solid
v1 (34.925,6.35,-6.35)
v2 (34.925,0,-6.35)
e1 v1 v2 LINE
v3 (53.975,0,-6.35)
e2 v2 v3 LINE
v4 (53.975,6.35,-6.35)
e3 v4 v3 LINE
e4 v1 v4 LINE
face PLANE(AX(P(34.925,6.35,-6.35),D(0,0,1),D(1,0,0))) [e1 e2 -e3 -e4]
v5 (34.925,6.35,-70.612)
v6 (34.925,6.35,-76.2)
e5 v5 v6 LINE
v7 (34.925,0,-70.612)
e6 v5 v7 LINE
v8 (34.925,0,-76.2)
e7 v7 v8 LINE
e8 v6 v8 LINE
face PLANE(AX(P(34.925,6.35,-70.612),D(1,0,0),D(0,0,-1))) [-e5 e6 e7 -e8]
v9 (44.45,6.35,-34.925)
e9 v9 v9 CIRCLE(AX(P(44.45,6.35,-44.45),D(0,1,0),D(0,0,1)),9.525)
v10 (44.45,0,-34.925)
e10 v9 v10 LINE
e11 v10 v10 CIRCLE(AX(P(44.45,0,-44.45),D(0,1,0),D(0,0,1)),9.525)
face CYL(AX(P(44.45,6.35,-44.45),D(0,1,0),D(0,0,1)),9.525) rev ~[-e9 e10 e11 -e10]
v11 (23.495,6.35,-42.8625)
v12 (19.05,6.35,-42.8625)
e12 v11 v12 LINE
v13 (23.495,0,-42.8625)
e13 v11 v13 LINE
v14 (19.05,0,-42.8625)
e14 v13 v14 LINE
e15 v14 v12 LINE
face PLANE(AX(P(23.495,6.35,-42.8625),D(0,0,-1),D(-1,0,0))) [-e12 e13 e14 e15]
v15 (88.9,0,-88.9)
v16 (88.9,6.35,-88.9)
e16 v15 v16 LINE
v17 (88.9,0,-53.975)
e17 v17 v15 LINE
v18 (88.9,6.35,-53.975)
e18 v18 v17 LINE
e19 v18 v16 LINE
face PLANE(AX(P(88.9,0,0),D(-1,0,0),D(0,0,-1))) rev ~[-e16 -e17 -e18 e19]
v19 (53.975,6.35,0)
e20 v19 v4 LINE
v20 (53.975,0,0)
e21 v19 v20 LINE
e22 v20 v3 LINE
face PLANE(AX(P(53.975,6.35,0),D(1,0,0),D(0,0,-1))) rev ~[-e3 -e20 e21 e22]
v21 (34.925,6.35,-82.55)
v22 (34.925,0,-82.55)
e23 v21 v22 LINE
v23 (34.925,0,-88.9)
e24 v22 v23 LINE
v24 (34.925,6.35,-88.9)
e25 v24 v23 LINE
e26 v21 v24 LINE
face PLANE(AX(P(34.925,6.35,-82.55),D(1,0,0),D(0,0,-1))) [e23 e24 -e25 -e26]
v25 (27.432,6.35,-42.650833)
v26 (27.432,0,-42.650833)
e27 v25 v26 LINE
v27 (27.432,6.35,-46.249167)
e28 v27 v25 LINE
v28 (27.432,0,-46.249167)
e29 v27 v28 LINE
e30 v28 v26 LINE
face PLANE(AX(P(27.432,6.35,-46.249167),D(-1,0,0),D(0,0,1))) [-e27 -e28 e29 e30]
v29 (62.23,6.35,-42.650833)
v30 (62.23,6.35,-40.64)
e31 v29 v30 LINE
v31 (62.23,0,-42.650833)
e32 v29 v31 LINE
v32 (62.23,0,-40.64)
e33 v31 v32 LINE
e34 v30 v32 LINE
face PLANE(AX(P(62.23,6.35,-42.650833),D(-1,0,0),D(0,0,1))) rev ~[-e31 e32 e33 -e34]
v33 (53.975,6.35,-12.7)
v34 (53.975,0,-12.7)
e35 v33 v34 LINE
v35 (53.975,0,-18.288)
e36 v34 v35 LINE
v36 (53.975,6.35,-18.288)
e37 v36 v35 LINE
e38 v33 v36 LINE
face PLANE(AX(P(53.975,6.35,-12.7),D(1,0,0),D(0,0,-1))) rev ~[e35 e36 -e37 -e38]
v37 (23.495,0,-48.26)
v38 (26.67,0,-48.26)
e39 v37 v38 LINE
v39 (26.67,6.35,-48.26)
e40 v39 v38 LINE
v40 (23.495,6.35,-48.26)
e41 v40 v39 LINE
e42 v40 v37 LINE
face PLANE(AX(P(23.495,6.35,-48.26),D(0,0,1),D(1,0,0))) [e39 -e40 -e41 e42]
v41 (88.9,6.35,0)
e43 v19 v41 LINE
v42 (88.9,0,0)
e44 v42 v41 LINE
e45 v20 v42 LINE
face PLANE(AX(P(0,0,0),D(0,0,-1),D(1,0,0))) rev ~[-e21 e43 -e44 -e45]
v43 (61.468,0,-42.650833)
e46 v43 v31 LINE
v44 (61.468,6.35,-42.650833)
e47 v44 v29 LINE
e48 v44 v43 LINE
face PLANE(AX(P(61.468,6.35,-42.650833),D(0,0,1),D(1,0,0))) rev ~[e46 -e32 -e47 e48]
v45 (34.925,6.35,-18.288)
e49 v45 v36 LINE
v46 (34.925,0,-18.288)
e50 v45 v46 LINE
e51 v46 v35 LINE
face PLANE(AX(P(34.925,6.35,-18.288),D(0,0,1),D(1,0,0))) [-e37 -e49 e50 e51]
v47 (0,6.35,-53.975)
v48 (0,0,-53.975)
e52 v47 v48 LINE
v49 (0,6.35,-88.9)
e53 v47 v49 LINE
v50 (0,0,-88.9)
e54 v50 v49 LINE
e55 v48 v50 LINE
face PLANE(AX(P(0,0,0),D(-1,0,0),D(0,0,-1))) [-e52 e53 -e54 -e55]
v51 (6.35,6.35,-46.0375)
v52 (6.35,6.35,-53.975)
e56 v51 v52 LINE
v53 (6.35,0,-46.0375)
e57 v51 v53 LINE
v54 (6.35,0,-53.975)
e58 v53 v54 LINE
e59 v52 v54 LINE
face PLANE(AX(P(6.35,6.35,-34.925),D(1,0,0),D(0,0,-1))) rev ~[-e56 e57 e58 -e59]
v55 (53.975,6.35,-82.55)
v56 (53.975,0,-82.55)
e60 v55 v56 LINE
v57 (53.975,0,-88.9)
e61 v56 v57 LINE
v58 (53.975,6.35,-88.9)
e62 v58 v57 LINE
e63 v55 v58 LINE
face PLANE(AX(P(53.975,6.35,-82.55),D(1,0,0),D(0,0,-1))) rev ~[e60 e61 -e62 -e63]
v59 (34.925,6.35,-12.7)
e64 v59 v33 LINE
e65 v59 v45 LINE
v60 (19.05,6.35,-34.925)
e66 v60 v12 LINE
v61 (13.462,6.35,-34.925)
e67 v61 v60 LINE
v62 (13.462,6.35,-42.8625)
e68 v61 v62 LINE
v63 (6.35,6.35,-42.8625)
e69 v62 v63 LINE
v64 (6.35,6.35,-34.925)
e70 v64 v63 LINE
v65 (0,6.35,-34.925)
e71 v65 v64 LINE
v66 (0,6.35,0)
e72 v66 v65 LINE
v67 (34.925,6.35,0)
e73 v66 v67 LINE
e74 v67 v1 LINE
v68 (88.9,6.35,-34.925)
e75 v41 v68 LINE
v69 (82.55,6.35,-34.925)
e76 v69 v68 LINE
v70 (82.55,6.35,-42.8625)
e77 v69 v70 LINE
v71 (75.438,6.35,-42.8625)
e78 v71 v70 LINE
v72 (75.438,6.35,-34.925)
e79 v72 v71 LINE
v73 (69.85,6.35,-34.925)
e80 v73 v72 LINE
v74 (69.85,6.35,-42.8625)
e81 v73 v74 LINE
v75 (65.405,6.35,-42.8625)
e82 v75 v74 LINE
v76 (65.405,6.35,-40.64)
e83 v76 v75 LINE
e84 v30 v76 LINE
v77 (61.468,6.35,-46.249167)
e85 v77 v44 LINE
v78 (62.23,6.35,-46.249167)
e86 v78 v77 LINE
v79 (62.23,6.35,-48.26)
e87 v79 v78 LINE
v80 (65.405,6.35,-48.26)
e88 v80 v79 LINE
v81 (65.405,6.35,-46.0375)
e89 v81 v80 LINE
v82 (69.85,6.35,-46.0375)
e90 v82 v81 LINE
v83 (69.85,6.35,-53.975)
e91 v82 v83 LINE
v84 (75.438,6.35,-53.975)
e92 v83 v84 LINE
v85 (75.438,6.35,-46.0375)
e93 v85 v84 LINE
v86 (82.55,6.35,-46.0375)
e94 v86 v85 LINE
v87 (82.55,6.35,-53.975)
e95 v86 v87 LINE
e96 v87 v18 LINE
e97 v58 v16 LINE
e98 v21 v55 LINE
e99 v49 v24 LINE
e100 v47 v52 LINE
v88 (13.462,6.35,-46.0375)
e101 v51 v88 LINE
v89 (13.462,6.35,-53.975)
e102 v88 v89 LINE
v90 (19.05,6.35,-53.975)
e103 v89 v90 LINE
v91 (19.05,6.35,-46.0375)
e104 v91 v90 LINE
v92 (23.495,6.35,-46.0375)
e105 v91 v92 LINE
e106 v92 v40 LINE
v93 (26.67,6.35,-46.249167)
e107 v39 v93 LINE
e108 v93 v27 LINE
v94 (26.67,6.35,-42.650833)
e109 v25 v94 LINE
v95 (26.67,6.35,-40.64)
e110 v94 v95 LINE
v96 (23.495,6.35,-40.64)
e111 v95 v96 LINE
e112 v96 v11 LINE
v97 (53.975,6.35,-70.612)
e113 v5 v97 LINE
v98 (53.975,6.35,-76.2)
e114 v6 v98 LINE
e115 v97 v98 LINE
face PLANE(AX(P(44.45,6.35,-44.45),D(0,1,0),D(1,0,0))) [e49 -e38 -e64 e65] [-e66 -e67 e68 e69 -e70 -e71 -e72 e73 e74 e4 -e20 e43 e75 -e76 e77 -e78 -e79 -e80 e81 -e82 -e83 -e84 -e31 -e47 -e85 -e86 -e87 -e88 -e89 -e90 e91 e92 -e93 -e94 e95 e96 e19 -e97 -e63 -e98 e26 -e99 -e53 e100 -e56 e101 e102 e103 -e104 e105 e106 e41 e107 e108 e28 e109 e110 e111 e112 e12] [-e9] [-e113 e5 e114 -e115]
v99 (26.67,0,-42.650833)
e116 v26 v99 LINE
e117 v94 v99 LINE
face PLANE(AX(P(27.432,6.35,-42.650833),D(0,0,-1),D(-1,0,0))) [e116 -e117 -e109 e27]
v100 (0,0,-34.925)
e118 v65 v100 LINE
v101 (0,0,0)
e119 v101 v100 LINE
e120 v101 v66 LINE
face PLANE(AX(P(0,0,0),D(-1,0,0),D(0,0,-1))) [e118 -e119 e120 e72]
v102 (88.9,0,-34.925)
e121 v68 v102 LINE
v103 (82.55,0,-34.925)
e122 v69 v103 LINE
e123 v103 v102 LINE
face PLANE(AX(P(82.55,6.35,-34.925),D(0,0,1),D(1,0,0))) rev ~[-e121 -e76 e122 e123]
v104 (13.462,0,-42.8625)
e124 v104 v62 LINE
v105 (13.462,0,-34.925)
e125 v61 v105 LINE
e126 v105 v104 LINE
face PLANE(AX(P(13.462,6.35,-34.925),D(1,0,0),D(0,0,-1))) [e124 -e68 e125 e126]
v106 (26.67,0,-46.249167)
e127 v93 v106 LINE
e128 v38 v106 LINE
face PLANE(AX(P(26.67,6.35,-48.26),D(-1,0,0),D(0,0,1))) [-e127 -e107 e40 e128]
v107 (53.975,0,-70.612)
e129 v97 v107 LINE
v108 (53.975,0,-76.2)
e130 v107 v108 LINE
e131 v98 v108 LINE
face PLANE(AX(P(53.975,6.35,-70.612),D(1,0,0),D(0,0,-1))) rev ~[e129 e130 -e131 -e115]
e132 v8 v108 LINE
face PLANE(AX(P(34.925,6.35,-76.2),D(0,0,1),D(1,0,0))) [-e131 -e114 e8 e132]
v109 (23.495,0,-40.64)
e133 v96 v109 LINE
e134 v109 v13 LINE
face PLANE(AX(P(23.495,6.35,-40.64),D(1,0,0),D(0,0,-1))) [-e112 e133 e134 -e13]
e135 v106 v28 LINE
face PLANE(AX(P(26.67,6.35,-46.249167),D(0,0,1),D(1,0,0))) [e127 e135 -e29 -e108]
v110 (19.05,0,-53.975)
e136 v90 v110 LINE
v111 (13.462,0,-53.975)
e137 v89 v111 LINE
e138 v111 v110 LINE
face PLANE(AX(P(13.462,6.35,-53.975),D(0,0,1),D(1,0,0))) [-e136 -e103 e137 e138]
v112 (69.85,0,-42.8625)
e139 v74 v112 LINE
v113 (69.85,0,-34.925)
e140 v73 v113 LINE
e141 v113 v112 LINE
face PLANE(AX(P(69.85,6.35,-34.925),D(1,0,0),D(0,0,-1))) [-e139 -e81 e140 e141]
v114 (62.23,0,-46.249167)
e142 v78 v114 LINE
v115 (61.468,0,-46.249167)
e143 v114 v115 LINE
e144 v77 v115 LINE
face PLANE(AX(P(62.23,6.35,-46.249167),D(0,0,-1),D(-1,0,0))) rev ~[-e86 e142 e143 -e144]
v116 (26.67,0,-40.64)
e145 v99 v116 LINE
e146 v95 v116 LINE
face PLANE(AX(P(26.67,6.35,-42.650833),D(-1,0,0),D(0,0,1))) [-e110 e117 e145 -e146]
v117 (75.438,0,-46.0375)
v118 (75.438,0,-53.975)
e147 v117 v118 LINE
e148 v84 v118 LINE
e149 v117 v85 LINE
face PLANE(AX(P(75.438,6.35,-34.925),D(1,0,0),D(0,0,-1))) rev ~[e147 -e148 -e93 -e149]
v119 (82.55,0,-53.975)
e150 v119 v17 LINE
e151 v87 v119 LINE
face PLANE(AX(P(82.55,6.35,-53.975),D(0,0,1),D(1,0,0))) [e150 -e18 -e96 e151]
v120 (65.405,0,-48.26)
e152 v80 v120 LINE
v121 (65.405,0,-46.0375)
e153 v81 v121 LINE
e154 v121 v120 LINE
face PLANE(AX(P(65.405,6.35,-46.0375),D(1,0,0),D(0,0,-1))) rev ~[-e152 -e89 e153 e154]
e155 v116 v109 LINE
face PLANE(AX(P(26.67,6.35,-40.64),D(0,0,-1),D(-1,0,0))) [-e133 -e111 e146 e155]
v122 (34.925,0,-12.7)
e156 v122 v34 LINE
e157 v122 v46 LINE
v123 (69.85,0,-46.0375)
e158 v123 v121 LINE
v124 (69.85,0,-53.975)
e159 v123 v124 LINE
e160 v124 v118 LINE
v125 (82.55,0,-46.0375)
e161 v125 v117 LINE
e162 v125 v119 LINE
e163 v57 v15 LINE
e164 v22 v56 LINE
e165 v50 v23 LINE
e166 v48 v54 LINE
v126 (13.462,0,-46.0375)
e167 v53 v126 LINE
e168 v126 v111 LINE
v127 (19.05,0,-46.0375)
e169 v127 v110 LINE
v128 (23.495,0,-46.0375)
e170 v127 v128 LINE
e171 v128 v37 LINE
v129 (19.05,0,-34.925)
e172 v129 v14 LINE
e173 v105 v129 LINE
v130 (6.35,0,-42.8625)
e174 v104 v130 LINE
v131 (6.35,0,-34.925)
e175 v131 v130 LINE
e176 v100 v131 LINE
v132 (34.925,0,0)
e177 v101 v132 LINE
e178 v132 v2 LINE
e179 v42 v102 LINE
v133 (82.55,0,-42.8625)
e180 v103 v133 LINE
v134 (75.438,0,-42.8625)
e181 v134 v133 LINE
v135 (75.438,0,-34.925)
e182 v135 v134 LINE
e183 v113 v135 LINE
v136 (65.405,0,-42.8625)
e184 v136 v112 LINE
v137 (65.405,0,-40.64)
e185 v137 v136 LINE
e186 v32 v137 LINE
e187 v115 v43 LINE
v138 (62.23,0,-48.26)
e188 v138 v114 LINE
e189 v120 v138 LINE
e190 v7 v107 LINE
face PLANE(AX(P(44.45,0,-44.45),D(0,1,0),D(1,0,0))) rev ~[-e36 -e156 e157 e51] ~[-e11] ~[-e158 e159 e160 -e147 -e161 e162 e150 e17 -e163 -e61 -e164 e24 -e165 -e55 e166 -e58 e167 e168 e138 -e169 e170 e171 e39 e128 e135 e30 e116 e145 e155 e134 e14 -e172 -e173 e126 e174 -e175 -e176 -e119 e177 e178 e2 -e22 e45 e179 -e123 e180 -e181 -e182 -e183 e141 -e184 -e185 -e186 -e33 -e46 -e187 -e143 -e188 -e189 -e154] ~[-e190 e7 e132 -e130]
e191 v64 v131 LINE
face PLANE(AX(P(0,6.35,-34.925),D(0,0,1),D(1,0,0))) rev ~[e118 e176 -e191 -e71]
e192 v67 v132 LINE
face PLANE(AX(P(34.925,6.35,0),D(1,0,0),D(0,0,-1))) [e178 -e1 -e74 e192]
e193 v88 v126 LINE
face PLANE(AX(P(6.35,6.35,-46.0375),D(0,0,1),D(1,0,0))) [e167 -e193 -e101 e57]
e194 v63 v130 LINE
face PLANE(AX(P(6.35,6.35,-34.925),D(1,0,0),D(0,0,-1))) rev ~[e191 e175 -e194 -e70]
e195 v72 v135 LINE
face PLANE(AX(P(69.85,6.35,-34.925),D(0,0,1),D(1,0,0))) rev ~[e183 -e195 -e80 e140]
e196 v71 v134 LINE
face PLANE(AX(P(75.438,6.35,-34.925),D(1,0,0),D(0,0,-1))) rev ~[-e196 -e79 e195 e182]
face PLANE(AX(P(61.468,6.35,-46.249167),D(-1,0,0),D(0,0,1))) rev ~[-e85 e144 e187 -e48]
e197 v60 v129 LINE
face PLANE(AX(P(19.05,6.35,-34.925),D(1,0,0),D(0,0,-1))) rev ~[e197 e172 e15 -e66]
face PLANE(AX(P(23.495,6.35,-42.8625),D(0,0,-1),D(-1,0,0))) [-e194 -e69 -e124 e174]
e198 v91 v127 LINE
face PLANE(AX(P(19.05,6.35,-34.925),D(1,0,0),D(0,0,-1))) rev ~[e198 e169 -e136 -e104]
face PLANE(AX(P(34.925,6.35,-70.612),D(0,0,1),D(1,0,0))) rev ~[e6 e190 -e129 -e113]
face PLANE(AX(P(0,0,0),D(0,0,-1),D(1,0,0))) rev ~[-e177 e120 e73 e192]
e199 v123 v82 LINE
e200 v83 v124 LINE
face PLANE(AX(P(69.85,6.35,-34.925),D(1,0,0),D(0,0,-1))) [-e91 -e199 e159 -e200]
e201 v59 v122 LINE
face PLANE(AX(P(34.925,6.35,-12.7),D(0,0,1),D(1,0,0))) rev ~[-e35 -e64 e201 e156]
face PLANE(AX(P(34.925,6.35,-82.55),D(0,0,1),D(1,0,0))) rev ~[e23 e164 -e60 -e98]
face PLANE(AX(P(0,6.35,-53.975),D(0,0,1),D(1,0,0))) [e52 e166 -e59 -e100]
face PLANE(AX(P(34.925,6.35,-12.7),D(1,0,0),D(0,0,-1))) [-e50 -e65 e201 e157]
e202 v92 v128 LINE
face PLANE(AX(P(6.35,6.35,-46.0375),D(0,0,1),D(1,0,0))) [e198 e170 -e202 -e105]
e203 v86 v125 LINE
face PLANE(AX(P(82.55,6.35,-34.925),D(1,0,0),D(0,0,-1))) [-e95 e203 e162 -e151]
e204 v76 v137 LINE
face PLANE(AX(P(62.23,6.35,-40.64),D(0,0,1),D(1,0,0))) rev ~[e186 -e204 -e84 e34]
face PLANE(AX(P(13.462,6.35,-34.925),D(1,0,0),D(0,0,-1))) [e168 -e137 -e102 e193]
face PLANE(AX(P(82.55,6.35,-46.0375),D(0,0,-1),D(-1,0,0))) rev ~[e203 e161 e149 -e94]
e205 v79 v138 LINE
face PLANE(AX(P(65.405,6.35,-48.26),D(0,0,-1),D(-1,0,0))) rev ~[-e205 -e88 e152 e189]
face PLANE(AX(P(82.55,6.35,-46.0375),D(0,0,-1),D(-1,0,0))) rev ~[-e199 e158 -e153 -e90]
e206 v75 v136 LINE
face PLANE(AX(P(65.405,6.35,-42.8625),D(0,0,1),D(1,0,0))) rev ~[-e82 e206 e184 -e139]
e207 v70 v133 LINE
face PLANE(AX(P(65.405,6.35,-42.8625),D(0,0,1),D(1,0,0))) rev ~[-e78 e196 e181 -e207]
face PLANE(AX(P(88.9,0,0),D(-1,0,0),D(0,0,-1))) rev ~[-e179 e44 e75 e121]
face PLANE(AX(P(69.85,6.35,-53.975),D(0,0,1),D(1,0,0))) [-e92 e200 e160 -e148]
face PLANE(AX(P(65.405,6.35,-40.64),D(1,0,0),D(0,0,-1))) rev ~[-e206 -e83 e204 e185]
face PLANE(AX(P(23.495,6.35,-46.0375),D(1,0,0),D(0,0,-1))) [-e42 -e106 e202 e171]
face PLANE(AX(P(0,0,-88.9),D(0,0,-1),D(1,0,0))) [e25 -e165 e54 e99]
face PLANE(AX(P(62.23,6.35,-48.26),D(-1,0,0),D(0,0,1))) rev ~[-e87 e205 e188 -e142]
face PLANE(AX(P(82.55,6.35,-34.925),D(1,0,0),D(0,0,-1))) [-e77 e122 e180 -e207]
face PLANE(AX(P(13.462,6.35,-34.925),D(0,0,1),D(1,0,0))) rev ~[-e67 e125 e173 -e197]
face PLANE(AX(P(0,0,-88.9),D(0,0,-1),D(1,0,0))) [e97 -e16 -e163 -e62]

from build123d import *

# Parameters (mm, degrees)
SKETCH1_W           = 88.9
SKETCH1_H           = 88.9
BOSS_EXTRUDE1_DEPTH = 6.35
SKETCH2_R           = 9.525
SKETCH2_W           = 19.05
SKETCH2_H           = 5.588
SKETCH2_W_2         = 5.588
SKETCH2_H_2         = 19.05
CUT_EXTRUDE1_DEPTH  = 126.88384527
SKETCH3_W           = 19.05
SKETCH3_H           = 6.35
SKETCH3_W_2         = 6.35
SKETCH3_H_2         = 19.05
CUT_EXTRUDE2_DEPTH  = 126.88384527
CUT_EXTRUDE3_DEPTH  = 126.88384527


with BuildPart() as part:
    # Sketch1 → Boss-Extrude1 (new body)
    with BuildSketch(Plane(origin=(0, 0, 0), x_dir=(1, 0, 0), z_dir=(0, 1, 0))):
        with Locations((44.45, 44.45)):
            Rectangle(SKETCH1_W, SKETCH1_H)
    extrude(amount=BOSS_EXTRUDE1_DEPTH)

    # Sketch2 → Cut-Extrude1 (cut, through all)
    with BuildSketch(Plane(origin=(0, 6.35, 0), x_dir=(1, 0, 0), z_dir=(0, 1, 0))):
        with Locations(Location((44.45, 44.45, 0), (0, 0, 270))):
            Circle(SKETCH2_R)
        with Locations((44.45, 73.406)):
            Rectangle(SKETCH2_W, SKETCH2_H)
        with Locations((16.256, 44.45)):
            Rectangle(SKETCH2_W_2, SKETCH2_H_2)
        with Locations((72.644, 44.45)):
            Rectangle(SKETCH2_W_2, SKETCH2_H_2)
        with Locations((44.45, 15.494)):
            Rectangle(SKETCH2_W, SKETCH2_H)
    extrude(amount=-CUT_EXTRUDE1_DEPTH, mode=Mode.SUBTRACT)

    # Sketch3 → Cut-Extrude2 (cut, through all)
    with BuildSketch(Plane(origin=(0, 6.35, 0), x_dir=(1, 0, 0), z_dir=(0, 1, 0))):
        with Locations((44.45, 85.725)):
            Rectangle(SKETCH3_W, SKETCH3_H)
        with Locations((85.725, 44.45)):
            Rectangle(SKETCH3_W_2, SKETCH3_H_2)
        with Locations((44.45, 3.175)):
            Rectangle(SKETCH3_W, SKETCH3_H)
        with Locations((3.175, 44.45)):
            Rectangle(SKETCH3_W_2, SKETCH3_H_2)
    extrude(amount=-CUT_EXTRUDE2_DEPTH, mode=Mode.SUBTRACT)

    # Sketch4 → Cut-Extrude3 (cut, through all)
    with BuildSketch(Plane(origin=(0, 6.35, 0), x_dir=(1, 0, 0), z_dir=(0, 1, 0))):
        Polygon((23.495, 46.0375), (23.495, 48.26), (26.67, 48.26), (26.67, 46.249166667), (27.432, 46.249166667), (27.432, 42.650833333), (26.67, 42.650833333), (26.67, 40.64), (23.495, 40.64), (23.495, 42.8625), (6.35, 42.8625), (6.35, 46.0375), align=None)
        Polygon((62.23, 46.249166667), (61.468, 46.249166667), (61.468, 42.650833333), (62.23, 42.650833333), (62.23, 40.64), (65.405, 40.64), (65.405, 42.8625), (82.55, 42.8625), (82.55, 46.0375), (65.405, 46.0375), (65.405, 48.26), (62.23, 48.26), align=None)
    extrude(amount=-CUT_EXTRUDE3_DEPTH, mode=Mode.SUBTRACT)


solid = part.part
